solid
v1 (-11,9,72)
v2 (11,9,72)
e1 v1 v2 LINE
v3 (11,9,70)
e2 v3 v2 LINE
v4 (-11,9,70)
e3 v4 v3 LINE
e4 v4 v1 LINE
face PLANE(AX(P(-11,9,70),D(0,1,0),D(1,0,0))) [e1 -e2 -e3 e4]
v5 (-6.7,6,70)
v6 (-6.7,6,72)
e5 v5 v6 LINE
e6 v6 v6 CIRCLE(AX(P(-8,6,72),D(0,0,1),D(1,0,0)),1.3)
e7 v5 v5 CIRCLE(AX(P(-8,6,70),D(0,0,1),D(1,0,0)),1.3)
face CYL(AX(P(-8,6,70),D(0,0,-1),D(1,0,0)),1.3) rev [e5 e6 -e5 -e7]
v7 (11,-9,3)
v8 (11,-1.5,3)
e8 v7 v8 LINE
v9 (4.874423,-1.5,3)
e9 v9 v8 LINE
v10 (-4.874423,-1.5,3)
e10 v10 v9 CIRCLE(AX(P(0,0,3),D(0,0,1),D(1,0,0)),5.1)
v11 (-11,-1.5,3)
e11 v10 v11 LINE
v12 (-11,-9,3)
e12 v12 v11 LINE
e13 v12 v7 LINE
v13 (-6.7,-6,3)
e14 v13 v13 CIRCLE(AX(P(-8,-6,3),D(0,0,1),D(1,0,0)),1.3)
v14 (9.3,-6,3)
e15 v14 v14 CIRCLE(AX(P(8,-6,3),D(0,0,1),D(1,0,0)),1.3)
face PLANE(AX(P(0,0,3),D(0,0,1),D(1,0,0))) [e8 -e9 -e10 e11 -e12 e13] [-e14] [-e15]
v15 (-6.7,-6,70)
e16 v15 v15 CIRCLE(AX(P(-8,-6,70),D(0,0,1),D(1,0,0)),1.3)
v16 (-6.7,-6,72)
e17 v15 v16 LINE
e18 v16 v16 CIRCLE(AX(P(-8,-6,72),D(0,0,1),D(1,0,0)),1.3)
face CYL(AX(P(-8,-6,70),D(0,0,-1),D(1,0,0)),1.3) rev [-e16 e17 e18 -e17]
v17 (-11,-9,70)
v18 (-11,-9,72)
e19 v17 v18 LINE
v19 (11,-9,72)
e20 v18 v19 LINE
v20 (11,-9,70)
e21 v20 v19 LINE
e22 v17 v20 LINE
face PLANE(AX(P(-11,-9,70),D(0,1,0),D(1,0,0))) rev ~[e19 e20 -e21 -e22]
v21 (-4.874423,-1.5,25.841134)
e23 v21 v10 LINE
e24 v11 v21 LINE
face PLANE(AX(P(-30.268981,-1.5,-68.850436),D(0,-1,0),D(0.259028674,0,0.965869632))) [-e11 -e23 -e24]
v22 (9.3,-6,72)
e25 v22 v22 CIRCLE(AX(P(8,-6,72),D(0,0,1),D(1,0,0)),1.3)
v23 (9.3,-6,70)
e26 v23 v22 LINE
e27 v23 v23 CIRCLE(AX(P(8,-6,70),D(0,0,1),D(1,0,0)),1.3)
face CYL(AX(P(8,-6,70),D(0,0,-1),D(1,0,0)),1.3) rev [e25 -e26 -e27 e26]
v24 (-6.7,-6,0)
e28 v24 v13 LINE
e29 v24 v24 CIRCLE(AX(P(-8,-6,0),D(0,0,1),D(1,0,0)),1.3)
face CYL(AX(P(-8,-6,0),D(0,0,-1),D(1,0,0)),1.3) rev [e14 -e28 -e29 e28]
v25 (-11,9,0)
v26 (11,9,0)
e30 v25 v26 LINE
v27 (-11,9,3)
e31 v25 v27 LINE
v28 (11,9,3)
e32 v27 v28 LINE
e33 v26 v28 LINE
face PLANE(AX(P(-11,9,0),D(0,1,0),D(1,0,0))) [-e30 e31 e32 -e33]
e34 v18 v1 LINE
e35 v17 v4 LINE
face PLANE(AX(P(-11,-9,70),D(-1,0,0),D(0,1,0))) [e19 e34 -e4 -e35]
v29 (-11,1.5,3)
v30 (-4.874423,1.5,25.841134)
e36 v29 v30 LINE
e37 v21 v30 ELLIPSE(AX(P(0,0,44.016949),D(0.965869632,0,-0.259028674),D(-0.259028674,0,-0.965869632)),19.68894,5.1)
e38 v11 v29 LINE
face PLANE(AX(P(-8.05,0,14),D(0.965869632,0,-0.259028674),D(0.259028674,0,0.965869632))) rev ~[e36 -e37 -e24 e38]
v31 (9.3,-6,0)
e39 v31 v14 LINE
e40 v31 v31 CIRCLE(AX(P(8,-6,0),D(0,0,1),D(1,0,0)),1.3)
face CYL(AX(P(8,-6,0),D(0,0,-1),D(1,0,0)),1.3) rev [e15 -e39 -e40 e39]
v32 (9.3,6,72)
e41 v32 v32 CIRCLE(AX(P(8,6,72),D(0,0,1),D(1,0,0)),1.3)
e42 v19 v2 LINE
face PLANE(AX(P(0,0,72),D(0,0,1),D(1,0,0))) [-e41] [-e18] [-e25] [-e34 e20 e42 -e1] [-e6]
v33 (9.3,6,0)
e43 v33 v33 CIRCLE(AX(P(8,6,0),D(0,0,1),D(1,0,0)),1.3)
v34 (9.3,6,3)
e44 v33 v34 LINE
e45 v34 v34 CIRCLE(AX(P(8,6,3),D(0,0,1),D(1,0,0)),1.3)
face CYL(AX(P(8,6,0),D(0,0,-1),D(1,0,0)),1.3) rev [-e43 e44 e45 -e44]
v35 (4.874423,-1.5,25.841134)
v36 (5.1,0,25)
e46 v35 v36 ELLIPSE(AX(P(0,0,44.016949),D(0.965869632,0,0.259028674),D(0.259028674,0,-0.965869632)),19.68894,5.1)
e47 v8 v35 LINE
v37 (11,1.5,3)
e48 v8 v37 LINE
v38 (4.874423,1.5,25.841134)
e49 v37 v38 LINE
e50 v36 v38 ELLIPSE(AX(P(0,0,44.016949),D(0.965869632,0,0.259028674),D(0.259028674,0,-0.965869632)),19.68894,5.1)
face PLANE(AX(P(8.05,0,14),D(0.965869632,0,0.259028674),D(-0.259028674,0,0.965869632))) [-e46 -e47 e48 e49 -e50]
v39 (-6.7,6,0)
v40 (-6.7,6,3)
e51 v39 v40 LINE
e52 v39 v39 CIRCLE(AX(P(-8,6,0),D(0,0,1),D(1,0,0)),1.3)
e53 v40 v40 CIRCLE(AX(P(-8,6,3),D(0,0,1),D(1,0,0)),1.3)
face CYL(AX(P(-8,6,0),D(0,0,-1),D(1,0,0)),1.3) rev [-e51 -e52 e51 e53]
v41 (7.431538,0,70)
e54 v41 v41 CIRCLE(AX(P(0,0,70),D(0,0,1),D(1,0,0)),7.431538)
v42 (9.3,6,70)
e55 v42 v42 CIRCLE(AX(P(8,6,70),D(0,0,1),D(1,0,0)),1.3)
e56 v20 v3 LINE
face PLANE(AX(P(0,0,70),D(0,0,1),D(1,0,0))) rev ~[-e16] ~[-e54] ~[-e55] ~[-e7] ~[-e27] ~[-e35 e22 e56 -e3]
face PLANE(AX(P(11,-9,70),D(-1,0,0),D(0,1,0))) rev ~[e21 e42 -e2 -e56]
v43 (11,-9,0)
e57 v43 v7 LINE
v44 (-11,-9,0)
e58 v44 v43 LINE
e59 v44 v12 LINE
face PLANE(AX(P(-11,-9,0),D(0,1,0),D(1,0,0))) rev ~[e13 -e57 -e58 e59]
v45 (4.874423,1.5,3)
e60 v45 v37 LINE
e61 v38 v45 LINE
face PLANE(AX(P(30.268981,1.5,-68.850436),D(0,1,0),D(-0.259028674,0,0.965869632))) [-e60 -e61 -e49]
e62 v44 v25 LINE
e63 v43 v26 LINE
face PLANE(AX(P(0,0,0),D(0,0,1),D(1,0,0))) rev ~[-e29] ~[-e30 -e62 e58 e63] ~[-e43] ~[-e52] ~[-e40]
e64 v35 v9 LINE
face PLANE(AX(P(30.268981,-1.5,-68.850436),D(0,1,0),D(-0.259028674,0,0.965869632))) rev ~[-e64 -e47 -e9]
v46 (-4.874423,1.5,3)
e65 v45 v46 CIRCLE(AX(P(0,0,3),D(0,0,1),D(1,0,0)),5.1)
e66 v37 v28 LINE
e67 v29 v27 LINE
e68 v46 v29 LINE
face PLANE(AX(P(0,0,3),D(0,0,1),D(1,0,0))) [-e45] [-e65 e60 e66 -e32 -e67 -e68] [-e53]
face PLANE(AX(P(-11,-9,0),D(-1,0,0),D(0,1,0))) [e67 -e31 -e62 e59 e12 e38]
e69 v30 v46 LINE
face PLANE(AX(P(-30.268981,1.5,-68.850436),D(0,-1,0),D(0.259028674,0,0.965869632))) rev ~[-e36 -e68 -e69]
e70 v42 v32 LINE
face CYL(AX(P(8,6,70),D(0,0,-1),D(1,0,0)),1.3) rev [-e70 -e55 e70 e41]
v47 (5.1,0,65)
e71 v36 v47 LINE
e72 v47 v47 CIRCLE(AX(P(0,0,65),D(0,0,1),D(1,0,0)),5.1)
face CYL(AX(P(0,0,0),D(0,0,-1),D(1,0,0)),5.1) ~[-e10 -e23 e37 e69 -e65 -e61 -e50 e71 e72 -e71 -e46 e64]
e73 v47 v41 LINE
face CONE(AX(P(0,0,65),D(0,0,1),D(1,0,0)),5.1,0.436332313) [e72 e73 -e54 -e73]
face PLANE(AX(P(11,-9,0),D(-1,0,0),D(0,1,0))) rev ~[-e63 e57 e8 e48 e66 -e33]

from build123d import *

# Parameters (mm, degrees)
SKETCH1_W           = 22
SKETCH1_H           = 18
SKETCH1_R           = 1.3
SKETCH1_R_2         = 5.1
BOSS_EXTRUDE1_DEPTH = 3
SKETCH1_3_R         = 5.1
BOSS_EXTRUDE2_DEPTH = 70
SKETCH2_W           = 22
SKETCH2_H           = 18
SKETCH2_R           = 1.3
BOSS_EXTRUDE3_DEPTH = 2
CHAMFER2_SIZE       = 5
CHAMFER2_SIZE2      = 2.331538291
RIB2_REACH          = 75.389
SKETCH3_WALL_W      = 171.556146136
SKETCH3_WALL_H      = 3
RIB3_REACH          = 75.389
SKETCH4_WALL_W      = 171.556146136
SKETCH4_WALL_H      = 3


with BuildPart() as part:
    # Sketch1 → Boss-Extrude1 (new body)
    with BuildSketch(Plane.XY):
        Rectangle(SKETCH1_W, SKETCH1_H)
        with Locations((8, 6)):
            Circle(SKETCH1_R, mode=Mode.SUBTRACT)
        with Locations((8, -6)):
            Circle(SKETCH1_R, mode=Mode.SUBTRACT)
        with Locations((-8, -6)):
            Circle(SKETCH1_R, mode=Mode.SUBTRACT)
        with Locations((-8, 6)):
            Circle(SKETCH1_R, mode=Mode.SUBTRACT)
        Circle(SKETCH1_R_2, mode=Mode.SUBTRACT)
    extrude(amount=BOSS_EXTRUDE1_DEPTH)

    # Sketch1<3> → Boss-Extrude2 (add)
    with BuildSketch(Plane.XY):
        Circle(SKETCH1_3_R)
    extrude(amount=BOSS_EXTRUDE2_DEPTH)

    # Sketch2 → Boss-Extrude3 (add)
    with BuildSketch(Plane.XY.offset(70)):
        Rectangle(SKETCH2_W, SKETCH2_H)
        with Locations((-8, 6)):
            Circle(SKETCH2_R, mode=Mode.SUBTRACT)
        with Locations((-8, -6)):
            Circle(SKETCH2_R, mode=Mode.SUBTRACT)
        with Locations((8, -6)):
            Circle(SKETCH2_R, mode=Mode.SUBTRACT)
        with Locations((8, 6)):
            Circle(SKETCH2_R, mode=Mode.SUBTRACT)
    extrude(amount=BOSS_EXTRUDE3_DEPTH)

    # Chamfer2
    chamfer2_edges = [part.edges().sort_by_distance(p)[0] for p in [
        (-5.1, 0, 70),
    ]]
    chamfer2_side = [part.faces().sort_by_distance(p)[0] for p in [
        (-5.1, 0, 36.5),
    ]]
    chamfer(chamfer2_edges, length=CHAMFER2_SIZE, length2=CHAMFER2_SIZE2, reference=chamfer2_side[0])

    # Sketch3 wall → Rib2 (add, up to next)
    with BuildSketch(Plane(origin=(-8.05, 0, 14), x_dir=(0.259028674037, 0, 0.965869632003), z_dir=(0.965869632003, 0, -0.259028674037)), mode=Mode.PRIVATE) as rib2_sk1:
        Rectangle(SKETCH3_WALL_W, SKETCH3_WALL_H)
    rib2_tool1 = extrude(rib2_sk1.sketch, amount=RIB2_REACH, mode=Mode.PRIVATE) - part.part
    add(rib2_tool1.solids().sort_by_distance((-8.05, 0, 14))[0])

    # Sketch4 wall → Rib3 (add, up to next)
    with BuildSketch(Plane(origin=(8.05, 0, 14), x_dir=(-0.259028674037, 0, 0.965869632003), z_dir=(0.965869632003, 0, 0.259028674037)), mode=Mode.PRIVATE) as rib3_sk1:
        Rectangle(SKETCH4_WALL_W, SKETCH4_WALL_H)
    rib3_tool1 = extrude(rib3_sk1.sketch, amount=-RIB3_REACH, mode=Mode.PRIVATE) - part.part
    add(rib3_tool1.solids().sort_by_distance((8.05, 0, 14))[0])


solid = part.part
